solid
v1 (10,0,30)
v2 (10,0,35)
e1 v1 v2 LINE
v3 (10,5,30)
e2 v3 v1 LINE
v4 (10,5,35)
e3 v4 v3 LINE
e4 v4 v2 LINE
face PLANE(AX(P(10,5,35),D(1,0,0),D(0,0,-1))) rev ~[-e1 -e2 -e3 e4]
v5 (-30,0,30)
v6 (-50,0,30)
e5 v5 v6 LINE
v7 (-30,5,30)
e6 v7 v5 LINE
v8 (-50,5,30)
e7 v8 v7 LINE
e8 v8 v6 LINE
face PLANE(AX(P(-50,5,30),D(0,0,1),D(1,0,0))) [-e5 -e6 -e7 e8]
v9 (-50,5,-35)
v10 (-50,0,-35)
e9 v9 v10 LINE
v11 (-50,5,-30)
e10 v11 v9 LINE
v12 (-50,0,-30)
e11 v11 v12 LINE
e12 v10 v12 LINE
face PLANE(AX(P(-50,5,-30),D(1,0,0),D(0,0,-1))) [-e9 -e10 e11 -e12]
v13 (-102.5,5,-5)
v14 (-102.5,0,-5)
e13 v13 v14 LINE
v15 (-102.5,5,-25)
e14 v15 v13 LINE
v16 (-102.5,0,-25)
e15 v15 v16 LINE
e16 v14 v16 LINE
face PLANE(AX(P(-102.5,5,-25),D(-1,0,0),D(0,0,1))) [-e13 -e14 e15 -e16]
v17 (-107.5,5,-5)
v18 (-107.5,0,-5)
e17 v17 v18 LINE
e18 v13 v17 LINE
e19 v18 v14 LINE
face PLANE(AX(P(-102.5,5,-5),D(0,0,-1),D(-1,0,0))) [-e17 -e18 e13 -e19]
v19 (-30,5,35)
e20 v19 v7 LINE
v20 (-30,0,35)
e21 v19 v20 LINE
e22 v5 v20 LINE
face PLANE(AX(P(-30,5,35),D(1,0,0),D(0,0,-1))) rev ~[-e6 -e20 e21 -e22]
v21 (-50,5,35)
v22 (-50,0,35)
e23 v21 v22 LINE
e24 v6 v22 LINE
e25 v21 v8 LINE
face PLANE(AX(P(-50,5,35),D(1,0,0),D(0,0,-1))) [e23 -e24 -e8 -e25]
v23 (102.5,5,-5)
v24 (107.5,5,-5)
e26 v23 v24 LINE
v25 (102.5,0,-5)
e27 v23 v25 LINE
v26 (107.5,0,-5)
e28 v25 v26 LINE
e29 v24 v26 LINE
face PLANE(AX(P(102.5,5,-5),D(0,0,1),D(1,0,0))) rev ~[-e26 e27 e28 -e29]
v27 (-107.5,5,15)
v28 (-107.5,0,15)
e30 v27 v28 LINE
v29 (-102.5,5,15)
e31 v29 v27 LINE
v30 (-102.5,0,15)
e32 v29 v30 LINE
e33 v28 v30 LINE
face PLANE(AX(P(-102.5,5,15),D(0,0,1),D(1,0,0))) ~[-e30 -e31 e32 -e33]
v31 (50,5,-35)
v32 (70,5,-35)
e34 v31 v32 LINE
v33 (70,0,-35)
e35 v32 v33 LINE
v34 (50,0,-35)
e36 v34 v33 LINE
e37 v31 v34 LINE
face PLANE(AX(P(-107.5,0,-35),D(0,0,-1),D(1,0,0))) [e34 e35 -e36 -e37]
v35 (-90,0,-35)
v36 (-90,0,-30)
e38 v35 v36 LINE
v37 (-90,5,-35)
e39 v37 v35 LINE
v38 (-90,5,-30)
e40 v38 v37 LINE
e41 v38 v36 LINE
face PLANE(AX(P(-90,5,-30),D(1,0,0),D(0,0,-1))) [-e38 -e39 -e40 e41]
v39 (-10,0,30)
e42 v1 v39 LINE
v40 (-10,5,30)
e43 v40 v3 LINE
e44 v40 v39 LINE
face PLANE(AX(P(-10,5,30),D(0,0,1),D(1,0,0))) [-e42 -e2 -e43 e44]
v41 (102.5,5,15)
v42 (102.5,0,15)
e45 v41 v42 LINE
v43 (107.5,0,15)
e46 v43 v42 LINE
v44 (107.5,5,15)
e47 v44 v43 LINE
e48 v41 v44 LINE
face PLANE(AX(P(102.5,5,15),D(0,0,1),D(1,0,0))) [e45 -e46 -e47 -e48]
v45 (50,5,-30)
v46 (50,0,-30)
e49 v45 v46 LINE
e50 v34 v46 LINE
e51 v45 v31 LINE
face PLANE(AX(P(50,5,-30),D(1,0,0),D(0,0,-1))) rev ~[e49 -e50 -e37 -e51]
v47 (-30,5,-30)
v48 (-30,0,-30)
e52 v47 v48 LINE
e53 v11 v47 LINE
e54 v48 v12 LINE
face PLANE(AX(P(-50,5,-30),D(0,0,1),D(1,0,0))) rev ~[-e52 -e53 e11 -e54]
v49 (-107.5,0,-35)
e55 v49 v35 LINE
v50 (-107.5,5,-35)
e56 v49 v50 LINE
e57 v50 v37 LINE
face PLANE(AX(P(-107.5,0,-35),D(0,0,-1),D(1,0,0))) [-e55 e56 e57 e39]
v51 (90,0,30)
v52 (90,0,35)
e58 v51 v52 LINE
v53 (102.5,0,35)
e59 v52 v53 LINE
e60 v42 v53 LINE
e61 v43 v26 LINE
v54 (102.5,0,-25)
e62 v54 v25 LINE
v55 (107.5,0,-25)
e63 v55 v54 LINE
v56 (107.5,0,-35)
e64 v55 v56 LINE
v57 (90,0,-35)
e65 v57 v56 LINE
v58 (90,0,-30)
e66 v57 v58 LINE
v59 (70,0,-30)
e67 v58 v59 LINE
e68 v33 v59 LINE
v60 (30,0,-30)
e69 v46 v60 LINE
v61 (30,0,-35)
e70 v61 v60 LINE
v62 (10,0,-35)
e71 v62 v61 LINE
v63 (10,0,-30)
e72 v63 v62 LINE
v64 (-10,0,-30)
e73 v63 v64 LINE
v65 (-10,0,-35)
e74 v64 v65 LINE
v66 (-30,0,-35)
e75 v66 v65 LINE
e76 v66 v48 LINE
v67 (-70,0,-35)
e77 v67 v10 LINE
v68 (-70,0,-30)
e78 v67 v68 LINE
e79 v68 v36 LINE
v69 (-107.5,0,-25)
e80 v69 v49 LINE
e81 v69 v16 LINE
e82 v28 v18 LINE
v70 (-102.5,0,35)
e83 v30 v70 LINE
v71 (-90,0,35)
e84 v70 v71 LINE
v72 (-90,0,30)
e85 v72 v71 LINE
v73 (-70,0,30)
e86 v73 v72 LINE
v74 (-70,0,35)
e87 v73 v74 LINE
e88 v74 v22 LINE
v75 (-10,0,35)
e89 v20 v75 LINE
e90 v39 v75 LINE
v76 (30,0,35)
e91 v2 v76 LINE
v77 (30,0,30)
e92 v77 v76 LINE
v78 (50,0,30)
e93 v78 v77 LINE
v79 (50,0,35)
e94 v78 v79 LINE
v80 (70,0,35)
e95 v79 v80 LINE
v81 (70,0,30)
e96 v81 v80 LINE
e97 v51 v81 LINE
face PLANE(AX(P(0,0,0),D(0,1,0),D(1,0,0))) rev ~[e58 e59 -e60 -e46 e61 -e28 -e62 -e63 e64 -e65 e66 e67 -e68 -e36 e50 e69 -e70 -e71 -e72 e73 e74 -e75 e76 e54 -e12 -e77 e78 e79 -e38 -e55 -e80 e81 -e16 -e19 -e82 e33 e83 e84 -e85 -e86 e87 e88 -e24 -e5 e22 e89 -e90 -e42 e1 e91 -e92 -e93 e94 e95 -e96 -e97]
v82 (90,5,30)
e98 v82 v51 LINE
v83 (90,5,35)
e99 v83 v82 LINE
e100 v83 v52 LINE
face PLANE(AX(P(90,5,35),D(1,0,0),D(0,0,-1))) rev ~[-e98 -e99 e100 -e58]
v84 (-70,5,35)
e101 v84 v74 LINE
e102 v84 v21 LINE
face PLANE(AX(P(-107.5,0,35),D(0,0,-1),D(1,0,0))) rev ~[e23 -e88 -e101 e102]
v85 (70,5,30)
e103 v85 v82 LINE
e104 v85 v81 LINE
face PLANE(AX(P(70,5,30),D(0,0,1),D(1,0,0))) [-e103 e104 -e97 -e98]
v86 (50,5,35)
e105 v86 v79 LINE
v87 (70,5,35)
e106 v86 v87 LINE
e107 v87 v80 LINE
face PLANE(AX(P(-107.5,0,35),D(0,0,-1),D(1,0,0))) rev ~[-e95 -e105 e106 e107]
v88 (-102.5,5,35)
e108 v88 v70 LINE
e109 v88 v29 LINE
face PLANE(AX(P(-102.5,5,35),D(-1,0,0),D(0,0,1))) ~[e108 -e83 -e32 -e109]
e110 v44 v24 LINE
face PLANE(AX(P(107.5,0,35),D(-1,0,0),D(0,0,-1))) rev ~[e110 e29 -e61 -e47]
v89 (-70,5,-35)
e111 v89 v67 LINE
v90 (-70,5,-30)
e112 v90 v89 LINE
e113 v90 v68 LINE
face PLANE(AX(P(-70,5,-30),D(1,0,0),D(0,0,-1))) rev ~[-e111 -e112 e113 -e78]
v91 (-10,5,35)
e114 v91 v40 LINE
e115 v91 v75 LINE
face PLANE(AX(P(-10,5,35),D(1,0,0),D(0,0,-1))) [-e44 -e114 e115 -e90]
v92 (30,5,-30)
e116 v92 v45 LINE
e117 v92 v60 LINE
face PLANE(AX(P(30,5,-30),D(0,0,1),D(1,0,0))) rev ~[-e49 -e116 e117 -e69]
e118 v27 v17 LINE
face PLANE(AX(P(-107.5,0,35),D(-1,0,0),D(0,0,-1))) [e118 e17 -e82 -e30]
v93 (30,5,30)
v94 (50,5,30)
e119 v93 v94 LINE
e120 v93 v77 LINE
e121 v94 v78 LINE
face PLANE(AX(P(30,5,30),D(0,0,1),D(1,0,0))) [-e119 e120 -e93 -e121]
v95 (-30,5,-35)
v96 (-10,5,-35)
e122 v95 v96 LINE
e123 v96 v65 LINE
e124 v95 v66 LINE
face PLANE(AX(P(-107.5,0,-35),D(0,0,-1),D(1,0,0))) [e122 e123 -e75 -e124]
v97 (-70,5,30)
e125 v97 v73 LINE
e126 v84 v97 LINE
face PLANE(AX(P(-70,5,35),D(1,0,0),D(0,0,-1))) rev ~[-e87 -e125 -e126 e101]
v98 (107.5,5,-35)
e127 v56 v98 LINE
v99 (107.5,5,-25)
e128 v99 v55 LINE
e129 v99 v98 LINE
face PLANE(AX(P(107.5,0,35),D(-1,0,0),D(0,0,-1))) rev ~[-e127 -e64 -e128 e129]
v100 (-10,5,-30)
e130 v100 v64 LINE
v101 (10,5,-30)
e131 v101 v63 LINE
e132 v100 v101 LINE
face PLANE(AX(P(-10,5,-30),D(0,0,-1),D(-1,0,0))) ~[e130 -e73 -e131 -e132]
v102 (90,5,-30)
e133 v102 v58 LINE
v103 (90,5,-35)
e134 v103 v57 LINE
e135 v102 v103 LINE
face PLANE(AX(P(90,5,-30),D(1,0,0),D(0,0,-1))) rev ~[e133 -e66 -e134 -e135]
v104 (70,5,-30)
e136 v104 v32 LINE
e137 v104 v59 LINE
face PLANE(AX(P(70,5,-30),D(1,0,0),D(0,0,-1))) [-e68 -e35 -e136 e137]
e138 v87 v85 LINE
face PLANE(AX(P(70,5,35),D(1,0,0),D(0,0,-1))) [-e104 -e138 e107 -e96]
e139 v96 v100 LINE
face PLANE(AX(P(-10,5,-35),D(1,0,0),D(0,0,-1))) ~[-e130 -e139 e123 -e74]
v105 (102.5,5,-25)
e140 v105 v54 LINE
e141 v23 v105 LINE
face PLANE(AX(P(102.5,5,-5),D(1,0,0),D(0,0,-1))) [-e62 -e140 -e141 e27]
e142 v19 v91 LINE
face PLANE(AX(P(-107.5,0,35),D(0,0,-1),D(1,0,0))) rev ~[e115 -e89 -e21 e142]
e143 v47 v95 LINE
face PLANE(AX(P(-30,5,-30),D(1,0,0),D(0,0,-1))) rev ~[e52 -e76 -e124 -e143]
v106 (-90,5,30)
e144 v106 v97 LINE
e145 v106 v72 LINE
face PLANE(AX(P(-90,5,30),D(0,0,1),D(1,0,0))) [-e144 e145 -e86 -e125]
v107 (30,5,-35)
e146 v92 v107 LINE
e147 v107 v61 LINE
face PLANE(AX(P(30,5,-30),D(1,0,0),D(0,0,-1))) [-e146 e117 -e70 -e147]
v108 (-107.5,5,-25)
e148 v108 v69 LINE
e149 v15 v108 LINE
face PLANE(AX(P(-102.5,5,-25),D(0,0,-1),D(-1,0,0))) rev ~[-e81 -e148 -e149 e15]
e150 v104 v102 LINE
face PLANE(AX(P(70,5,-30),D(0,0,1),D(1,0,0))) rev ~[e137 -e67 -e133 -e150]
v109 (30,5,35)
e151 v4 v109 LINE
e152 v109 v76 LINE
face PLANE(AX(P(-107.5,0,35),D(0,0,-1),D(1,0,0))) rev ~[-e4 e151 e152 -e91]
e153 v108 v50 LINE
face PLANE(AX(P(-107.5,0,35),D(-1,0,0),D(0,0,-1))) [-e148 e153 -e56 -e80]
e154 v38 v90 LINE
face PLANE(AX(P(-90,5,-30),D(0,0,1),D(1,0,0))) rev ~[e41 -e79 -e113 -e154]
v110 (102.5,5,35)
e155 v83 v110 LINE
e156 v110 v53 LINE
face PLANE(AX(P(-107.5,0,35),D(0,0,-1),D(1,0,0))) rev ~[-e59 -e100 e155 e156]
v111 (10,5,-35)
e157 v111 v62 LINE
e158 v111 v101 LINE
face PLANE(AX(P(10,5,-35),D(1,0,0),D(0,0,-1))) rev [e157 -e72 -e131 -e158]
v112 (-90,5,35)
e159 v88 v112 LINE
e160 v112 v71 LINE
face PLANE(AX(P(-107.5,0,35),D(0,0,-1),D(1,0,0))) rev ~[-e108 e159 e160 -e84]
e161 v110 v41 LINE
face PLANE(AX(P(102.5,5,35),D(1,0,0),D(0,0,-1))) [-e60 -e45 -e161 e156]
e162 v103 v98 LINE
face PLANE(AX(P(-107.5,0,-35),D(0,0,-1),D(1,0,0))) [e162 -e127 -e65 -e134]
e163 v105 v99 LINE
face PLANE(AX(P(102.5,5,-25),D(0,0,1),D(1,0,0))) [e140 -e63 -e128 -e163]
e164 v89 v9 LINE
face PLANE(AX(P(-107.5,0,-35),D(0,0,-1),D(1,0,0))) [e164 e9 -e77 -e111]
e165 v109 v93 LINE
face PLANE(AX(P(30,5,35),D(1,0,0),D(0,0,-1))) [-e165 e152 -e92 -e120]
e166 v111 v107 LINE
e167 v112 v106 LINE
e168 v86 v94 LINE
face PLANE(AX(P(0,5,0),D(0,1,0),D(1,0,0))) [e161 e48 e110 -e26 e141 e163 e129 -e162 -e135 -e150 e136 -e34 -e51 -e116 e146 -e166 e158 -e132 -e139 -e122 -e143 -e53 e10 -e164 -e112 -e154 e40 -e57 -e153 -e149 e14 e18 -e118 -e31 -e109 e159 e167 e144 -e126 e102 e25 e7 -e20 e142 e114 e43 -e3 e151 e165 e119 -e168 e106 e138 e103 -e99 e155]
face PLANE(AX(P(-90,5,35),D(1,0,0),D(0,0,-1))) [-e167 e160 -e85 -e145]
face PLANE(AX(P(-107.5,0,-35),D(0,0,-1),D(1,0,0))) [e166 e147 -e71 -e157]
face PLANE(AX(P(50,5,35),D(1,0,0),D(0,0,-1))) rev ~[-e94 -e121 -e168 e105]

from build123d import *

# Parameters (mm, degrees)
SKETCH_1_W               = 215
SKETCH_1_H               = 70
EXTRUDE_1_DEPTH          = 5
CUT_EXTRUDE_1_REACH      = 115.165
SKETCH_2_W               = 20
SKETCH_2_H               = 5
PATTERN_LINEAR_1_COUNT   = 3
PATTERN_LINEAR_1_PITCH   = 40
PATTERN_LINEAR_2_COUNT   = 3
PATTERN_LINEAR_2_PITCH   = 40
CUT_EXTRUDE_2_REACH      = 115.165
SKETCH_3_W               = 5
SKETCH_3_H               = 20
PATTERN_LINEAR_3_COUNT   = 2
PATTERN_LINEAR_3_PITCH   = 40
MIRROR_1_COPY_1_REACH    = 115.165
MIRROR_1_COPY_1_SKETCH_W = 5
MIRROR_1_COPY_1_SKETCH_H = 20
MIRROR_3_COPY_1_REACH    = 115.165
MIRROR_3_COPY_1_SKETCH_W = 20
MIRROR_3_COPY_1_SKETCH_H = 5
MIRROR_3_COPY_2_REACH    = 115.165
MIRROR_3_COPY_2_SKETCH_W = 20
MIRROR_3_COPY_2_SKETCH_H = 5
MIRROR_3_COPY_3_REACH    = 115.165
MIRROR_3_COPY_3_SKETCH_W = 20
MIRROR_3_COPY_3_SKETCH_H = 5
MIRROR_3_COPY_4_REACH    = 115.165
MIRROR_3_COPY_4_SKETCH_W = 20
MIRROR_3_COPY_4_SKETCH_H = 5


with BuildPart() as part:
    # 스케치1 → 보스-돌출1 (new body)
    with BuildSketch(Plane(origin=(0, 0, 0), x_dir=(1, 0, 0), z_dir=(0, 1, 0))):
        Rectangle(SKETCH_1_W, SKETCH_1_H)
    extrude(amount=EXTRUDE_1_DEPTH)

    # 스케치2 → 컷-돌출1 (cut, up to next)
    with BuildSketch(Plane(origin=(0, 5, 0), x_dir=(1, 0, 0), z_dir=(0, 1, 0)), mode=Mode.PRIVATE) as cut_extrude_1_sk1:
        with Locations((0, -32.5)):
            Rectangle(SKETCH_2_W, SKETCH_2_H)
    cut_extrude_1_tool1 = extrude(cut_extrude_1_sk1.sketch, amount=-CUT_EXTRUDE_1_REACH, mode=Mode.PRIVATE) & part.part
    cut_extrude_1 = cut_extrude_1_tool1.solids().sort_by_distance((0, 5, 32.5))[0]
    add(cut_extrude_1, mode=Mode.SUBTRACT)

    # 선형 패턴1: 컷-돌출1 ×3
    with Locations(*[(i * PATTERN_LINEAR_1_PITCH, 0, 0) for i in range(1, PATTERN_LINEAR_1_COUNT)]):
        add(cut_extrude_1, mode=Mode.SUBTRACT)

    # 선형 패턴2: 컷-돌출1 ×3
    with Locations(*[(-i * PATTERN_LINEAR_2_PITCH, 0, 0) for i in range(1, PATTERN_LINEAR_2_COUNT)]):
        add(cut_extrude_1, mode=Mode.SUBTRACT)

    # 스케치3 → 컷-돌출2 (cut, up to next)
    with BuildSketch(Plane(origin=(0, 5, 0), x_dir=(1, 0, 0), z_dir=(0, 1, 0)), mode=Mode.PRIVATE) as cut_extrude_2_sk1:
        with Locations((105, -25)):
            Rectangle(SKETCH_3_W, SKETCH_3_H)
    cut_extrude_2_tool1 = extrude(cut_extrude_2_sk1.sketch, amount=-CUT_EXTRUDE_2_REACH, mode=Mode.PRIVATE) & part.part
    cut_extrude_2 = cut_extrude_2_tool1.solids().sort_by_distance((105, 5, 25))[0]
    add(cut_extrude_2, mode=Mode.SUBTRACT)

    # 선형 패턴3: 컷-돌출2 ×2
    with Locations(*[(0, 0, -i * PATTERN_LINEAR_3_PITCH) for i in range(1, PATTERN_LINEAR_3_COUNT)]):
        add(cut_extrude_2, mode=Mode.SUBTRACT)

    # 대칭 복사1: 컷-돌출2 across plane
    add(cut_extrude_2.mirror(Plane(origin=(0, 0, 0), x_dir=(0, 0, 1), z_dir=(1, 0, 0))), mode=Mode.SUBTRACT)

    # 대칭 복사1 copy 1 sketch → 대칭 복사1 copy 1 (cut, up to next)
    with BuildSketch(Plane(origin=(0, 5, -40), x_dir=(-1, 0, 0), z_dir=(0, 1, 0)), mode=Mode.PRIVATE) as mirror_1_copy_1_sk1:
        with Locations((105, 25)):
            Rectangle(MIRROR_1_COPY_1_SKETCH_W, MIRROR_1_COPY_1_SKETCH_H)
    mirror_1_copy_1_tool1 = extrude(mirror_1_copy_1_sk1.sketch, amount=-MIRROR_1_COPY_1_REACH, mode=Mode.PRIVATE) & part.part
    add(mirror_1_copy_1_tool1.solids().sort_by_distance((-105, 5, -15))[0], mode=Mode.SUBTRACT)

    # 대칭 복사3: 컷-돌출1 across plane
    add(cut_extrude_1.mirror(Plane.XY), mode=Mode.SUBTRACT)

    # 대칭 복사3 copy 1 sketch → 대칭 복사3 copy 1 (cut, up to next)
    with BuildSketch(Plane(origin=(40, 5, 0), x_dir=(1, 0, 0), z_dir=(0, 1, 0)), mode=Mode.PRIVATE) as mirror_3_copy_1_sk1:
        with Locations((0, 32.5)):
            Rectangle(MIRROR_3_COPY_1_SKETCH_W, MIRROR_3_COPY_1_SKETCH_H)
    mirror_3_copy_1_tool1 = extrude(mirror_3_copy_1_sk1.sketch, amount=-MIRROR_3_COPY_1_REACH, mode=Mode.PRIVATE) & part.part
    add(mirror_3_copy_1_tool1.solids().sort_by_distance((40, 5, -32.5))[0], mode=Mode.SUBTRACT)

    # 대칭 복사3 copy 2 sketch → 대칭 복사3 copy 2 (cut, up to next)
    with BuildSketch(Plane(origin=(80, 5, 0), x_dir=(1, 0, 0), z_dir=(0, 1, 0)), mode=Mode.PRIVATE) as mirror_3_copy_2_sk1:
        with Locations((0, 32.5)):
            Rectangle(MIRROR_3_COPY_2_SKETCH_W, MIRROR_3_COPY_2_SKETCH_H)
    mirror_3_copy_2_tool1 = extrude(mirror_3_copy_2_sk1.sketch, amount=-MIRROR_3_COPY_2_REACH, mode=Mode.PRIVATE) & part.part
    add(mirror_3_copy_2_tool1.solids().sort_by_distance((80, 5, -32.5))[0], mode=Mode.SUBTRACT)

    # 대칭 복사3 copy 3 sketch → 대칭 복사3 copy 3 (cut, up to next)
    with BuildSketch(Plane(origin=(-40, 5, 0), x_dir=(1, 0, 0), z_dir=(0, 1, 0)), mode=Mode.PRIVATE) as mirror_3_copy_3_sk1:
        with Locations((0, 32.5)):
            Rectangle(MIRROR_3_COPY_3_SKETCH_W, MIRROR_3_COPY_3_SKETCH_H)
    mirror_3_copy_3_tool1 = extrude(mirror_3_copy_3_sk1.sketch, amount=-MIRROR_3_COPY_3_REACH, mode=Mode.PRIVATE) & part.part
    add(mirror_3_copy_3_tool1.solids().sort_by_distance((-40, 5, -32.5))[0], mode=Mode.SUBTRACT)

    # 대칭 복사3 copy 4 sketch → 대칭 복사3 copy 4 (cut, up to next)
    with BuildSketch(Plane(origin=(-80, 5, 0), x_dir=(1, 0, 0), z_dir=(0, 1, 0)), mode=Mode.PRIVATE) as mirror_3_copy_4_sk1:
        with Locations((0, 32.5)):
            Rectangle(MIRROR_3_COPY_4_SKETCH_W, MIRROR_3_COPY_4_SKETCH_H)
    mirror_3_copy_4_tool1 = extrude(mirror_3_copy_4_sk1.sketch, amount=-MIRROR_3_COPY_4_REACH, mode=Mode.PRIVATE) & part.part
    add(mirror_3_copy_4_tool1.solids().sort_by_distance((-80, 5, -32.5))[0], mode=Mode.SUBTRACT)


solid = part.part
